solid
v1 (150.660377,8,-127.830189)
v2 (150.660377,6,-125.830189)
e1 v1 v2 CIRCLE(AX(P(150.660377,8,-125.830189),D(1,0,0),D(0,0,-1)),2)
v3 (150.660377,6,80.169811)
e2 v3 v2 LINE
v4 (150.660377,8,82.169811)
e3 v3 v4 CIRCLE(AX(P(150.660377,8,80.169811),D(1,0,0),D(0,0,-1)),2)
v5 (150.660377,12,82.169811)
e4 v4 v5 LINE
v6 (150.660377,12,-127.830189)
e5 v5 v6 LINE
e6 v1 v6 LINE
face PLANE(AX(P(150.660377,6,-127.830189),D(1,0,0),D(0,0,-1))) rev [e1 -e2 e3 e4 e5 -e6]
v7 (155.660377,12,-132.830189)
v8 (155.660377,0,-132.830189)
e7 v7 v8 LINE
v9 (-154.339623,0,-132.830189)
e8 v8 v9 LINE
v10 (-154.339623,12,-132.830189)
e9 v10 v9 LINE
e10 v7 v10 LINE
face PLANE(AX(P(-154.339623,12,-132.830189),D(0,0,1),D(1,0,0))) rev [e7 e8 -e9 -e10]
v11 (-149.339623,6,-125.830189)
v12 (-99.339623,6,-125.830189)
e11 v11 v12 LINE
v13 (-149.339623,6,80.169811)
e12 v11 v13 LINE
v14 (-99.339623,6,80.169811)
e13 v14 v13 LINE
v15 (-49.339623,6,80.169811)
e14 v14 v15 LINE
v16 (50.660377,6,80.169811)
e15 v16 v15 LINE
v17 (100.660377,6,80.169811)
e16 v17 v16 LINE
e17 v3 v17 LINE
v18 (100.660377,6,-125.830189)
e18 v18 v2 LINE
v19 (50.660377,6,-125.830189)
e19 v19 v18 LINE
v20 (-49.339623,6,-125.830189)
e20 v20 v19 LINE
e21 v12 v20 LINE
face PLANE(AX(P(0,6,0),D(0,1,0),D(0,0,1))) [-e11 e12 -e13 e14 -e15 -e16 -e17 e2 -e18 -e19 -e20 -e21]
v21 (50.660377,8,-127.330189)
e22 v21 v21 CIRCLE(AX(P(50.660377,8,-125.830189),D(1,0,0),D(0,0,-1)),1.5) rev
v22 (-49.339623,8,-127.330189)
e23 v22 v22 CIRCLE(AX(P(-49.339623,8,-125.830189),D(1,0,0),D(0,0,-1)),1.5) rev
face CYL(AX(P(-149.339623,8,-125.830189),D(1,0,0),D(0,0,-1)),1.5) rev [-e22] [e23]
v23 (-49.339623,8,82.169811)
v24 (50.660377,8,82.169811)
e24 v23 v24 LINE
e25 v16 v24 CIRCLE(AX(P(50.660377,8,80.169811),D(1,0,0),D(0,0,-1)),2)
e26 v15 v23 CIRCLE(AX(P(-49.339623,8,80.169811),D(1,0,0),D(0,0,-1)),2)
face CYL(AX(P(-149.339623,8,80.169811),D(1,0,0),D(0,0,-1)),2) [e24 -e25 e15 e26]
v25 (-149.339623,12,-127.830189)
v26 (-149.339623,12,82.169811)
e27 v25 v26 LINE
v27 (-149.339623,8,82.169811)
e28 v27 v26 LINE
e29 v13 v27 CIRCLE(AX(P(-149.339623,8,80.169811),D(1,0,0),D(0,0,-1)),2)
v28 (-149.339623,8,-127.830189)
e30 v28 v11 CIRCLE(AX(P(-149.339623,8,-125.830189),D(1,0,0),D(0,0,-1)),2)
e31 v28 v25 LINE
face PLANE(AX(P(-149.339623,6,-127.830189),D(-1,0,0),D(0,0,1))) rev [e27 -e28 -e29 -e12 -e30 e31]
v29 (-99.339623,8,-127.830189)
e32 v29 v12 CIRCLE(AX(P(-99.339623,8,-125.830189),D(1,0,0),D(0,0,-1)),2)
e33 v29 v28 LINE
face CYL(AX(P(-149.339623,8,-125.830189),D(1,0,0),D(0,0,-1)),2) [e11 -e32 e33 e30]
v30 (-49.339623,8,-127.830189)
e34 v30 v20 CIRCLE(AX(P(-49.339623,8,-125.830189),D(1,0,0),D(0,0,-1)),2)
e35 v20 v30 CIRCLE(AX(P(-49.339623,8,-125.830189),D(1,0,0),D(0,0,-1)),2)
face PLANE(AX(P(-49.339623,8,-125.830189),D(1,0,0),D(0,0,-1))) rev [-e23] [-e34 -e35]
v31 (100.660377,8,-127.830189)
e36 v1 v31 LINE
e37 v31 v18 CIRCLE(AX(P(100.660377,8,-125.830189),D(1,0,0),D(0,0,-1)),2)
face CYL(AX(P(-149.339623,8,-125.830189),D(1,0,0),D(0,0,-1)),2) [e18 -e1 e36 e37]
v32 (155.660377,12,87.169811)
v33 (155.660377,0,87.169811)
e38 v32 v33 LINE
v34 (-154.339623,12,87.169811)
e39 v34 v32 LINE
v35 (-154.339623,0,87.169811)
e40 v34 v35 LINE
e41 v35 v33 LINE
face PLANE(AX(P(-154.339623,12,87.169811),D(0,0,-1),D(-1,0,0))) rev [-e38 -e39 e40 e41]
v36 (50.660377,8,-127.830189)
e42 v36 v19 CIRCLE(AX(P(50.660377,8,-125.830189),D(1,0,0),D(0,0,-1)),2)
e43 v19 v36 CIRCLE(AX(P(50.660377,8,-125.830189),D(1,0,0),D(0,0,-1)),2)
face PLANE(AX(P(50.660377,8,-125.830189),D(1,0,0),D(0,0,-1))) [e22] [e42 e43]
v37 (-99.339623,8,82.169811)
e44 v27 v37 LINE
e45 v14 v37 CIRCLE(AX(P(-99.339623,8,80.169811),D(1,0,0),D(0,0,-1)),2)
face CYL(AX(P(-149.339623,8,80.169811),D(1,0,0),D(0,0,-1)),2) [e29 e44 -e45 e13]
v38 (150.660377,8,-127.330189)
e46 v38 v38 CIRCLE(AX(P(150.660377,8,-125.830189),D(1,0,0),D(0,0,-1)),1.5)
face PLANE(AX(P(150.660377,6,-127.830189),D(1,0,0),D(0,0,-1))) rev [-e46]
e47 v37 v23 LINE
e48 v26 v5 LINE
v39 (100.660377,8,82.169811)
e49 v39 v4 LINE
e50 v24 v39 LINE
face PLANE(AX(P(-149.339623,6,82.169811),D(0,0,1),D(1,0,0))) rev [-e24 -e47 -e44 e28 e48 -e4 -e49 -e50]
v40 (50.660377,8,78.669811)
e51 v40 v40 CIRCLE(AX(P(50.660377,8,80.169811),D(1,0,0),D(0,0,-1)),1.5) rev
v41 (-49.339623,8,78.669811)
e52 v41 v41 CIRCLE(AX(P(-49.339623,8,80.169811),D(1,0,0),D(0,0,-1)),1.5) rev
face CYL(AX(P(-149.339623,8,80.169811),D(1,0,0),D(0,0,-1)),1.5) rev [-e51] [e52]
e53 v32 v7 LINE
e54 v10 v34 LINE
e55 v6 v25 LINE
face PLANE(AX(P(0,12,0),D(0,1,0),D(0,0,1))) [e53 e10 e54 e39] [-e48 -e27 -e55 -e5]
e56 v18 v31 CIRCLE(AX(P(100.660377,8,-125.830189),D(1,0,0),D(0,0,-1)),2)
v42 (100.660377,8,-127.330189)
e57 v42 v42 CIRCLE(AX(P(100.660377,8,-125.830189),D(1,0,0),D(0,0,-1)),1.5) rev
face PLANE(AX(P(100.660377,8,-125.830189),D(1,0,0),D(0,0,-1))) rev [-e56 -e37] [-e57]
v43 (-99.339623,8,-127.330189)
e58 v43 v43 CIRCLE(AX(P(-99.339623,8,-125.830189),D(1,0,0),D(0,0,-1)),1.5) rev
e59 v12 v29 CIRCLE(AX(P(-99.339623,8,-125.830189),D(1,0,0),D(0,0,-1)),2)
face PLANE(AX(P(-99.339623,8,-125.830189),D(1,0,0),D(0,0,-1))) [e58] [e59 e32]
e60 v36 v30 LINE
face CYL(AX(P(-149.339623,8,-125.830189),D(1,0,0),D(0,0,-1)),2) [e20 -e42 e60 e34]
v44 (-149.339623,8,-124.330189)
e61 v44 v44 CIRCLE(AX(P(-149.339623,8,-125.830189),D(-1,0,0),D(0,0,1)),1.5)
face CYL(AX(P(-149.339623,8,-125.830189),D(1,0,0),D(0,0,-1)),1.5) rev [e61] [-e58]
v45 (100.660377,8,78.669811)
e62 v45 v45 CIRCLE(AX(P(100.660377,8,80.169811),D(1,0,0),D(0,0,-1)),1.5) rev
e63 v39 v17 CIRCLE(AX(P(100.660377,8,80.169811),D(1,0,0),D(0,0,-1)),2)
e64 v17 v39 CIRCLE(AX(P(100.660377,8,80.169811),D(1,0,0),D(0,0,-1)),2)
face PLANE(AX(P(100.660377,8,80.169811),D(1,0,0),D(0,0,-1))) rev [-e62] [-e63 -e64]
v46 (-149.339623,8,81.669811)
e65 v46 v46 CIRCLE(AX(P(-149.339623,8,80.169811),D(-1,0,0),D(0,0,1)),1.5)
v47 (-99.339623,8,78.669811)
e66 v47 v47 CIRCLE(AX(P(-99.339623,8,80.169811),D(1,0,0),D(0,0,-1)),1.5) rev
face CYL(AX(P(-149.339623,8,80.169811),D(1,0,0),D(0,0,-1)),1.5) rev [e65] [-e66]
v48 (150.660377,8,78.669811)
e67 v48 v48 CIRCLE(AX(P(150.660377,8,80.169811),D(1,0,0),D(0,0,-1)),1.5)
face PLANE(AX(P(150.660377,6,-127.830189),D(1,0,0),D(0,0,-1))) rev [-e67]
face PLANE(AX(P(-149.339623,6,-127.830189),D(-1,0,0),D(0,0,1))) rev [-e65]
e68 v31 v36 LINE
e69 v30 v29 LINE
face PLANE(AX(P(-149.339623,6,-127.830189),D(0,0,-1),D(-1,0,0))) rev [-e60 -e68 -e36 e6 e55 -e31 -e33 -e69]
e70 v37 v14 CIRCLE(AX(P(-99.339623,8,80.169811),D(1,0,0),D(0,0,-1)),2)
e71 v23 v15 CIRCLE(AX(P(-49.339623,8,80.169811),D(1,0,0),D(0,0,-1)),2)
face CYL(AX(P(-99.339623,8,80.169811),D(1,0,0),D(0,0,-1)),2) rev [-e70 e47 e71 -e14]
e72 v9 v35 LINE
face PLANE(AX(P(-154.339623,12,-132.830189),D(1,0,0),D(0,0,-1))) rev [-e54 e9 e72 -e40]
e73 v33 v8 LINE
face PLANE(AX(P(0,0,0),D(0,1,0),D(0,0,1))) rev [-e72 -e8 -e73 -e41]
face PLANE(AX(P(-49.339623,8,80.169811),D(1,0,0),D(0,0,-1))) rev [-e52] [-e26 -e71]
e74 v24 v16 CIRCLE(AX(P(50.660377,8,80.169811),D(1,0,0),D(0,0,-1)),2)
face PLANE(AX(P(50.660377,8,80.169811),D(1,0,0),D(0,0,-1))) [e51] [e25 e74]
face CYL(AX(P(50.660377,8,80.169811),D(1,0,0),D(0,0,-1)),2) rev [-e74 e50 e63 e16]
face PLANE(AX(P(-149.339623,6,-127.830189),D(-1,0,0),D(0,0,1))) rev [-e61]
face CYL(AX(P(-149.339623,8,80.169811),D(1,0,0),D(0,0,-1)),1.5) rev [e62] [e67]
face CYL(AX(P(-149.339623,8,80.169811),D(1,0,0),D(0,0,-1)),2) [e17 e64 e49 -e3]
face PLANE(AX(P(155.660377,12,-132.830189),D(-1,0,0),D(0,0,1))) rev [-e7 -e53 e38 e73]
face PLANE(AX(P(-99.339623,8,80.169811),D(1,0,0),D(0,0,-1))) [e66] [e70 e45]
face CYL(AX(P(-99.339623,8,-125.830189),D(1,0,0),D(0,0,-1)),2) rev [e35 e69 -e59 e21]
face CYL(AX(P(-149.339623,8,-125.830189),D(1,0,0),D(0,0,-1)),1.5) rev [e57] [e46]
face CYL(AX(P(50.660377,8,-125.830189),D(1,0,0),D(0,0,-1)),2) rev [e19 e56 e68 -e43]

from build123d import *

# Parameters (mm, degrees)
SKETCH_1_W          = 310
SKETCH_1_H          = 220
EXTRUDE_1_DEPTH     = 12
SKETCH_2_W          = 300
SKETCH_2_H          = 210
CUT_EXTRUDE_4_DEPTH = 6
SKETCH_6_W          = 300
SKETCH_6_H          = 2
EXTRUDE_3_DEPTH     = 2
SKETCH_8_R          = 2
CUT_EXTRUDE_5_DEPTH = 300
SKETCH_8_2_R        = 2
SKETCH_8_2_R_2      = 1.5
EXTRUDE_1_2_DEPTH   = 300
SKETCH_10_R         = 2
CUT_EXTRUDE_6_DEPTH = 300
SKETCH_10_2_R       = 2
SKETCH_10_2_R_2     = 1.5
EXTRUDE_2_DEPTH     = 300
SKETCH_12_R         = 2
CUT_EXTRUDE_7_DEPTH = 50
SKETCH_13_R         = 2
CUT_EXTRUDE_8_DEPTH = 50


with BuildPart() as part:
    # 草图1 → Extrude 1 (new body)
    with BuildSketch(Plane(origin=(0, 0, 0), x_dir=(1, 0, 0), z_dir=(0, 1, 0))):
        with Locations((0.660377358, 22.830188679)):
            Rectangle(SKETCH_1_W, SKETCH_1_H)
    extrude(amount=EXTRUDE_1_DEPTH)

    # 草图2 → 切除-拉伸4 (cut)
    with BuildSketch(Plane(origin=(0, 12, 0), x_dir=(1, 0, 0), z_dir=(0, 1, 0))):
        with Locations((0.660377358, 22.830188679)):
            Rectangle(SKETCH_2_W, SKETCH_2_H)
    extrude(amount=-CUT_EXTRUDE_4_DEPTH, mode=Mode.SUBTRACT)

    # 草图6 → 凸台-拉伸3 (add)
    with BuildSketch(Plane(origin=(0, 6, 0), x_dir=(1, 0, 0), z_dir=(0, 1, 0))):
        with Locations((0.660377358, 126.830188679)):
            Rectangle(SKETCH_6_W, SKETCH_6_H)
        with Locations((0.660377358, -81.169811321)):
            Rectangle(SKETCH_6_W, SKETCH_6_H)
    extrude(amount=EXTRUDE_3_DEPTH)

    # 草图8 → 切除-拉伸5 (cut)
    with BuildSketch(Plane(origin=(150.660377358, 0, 0), x_dir=(0, 0, -1), z_dir=(1, 0, 0))):
        with Locations((-80.169811321, 8)):
            Circle(SKETCH_8_R)
    extrude(amount=-CUT_EXTRUDE_5_DEPTH, mode=Mode.SUBTRACT)

    # 草图8<2> → Extrude 1 2 (add)
    with BuildSketch(Plane(origin=(150.660377358, 0, 0), x_dir=(0, 0, -1), z_dir=(1, 0, 0))):
        with Locations((-80.169811321, 8)):
            Circle(SKETCH_8_2_R)
        with Locations((-80.169811321, 8)):
            Circle(SKETCH_8_2_R_2, mode=Mode.SUBTRACT)
    extrude(amount=-EXTRUDE_1_2_DEPTH)

    # 草图10 → 切除-拉伸6 (cut)
    with BuildSketch(Plane(origin=(150.660377358, 0, 0), x_dir=(0, 0, -1), z_dir=(1, 0, 0))):
        with Locations((125.830188679, 8)):
            Circle(SKETCH_10_R)
    extrude(amount=-CUT_EXTRUDE_6_DEPTH, mode=Mode.SUBTRACT)

    # 草图10<2> → 拉伸-薄壁2 (add)
    with BuildSketch(Plane(origin=(150.660377358, 0, 0), x_dir=(0, 0, -1), z_dir=(1, 0, 0))):
        with Locations((125.830188679, 8)):
            Circle(SKETCH_10_2_R)
        with Locations((125.830188679, 8)):
            Circle(SKETCH_10_2_R_2, mode=Mode.SUBTRACT)
    extrude(amount=-EXTRUDE_2_DEPTH)

    # 草图12 → 切除-拉伸7 (cut)
    with BuildSketch(Plane(origin=(100.660377358, 0, 0), x_dir=(0, 0, -1), z_dir=(1, 0, 0))):
        with Locations((-80.169811321, 8)):
            Circle(SKETCH_12_R)
        with Locations((125.830188679, 8)):
            Circle(SKETCH_12_R)
    extrude(amount=-CUT_EXTRUDE_7_DEPTH, mode=Mode.SUBTRACT)

    # 草图13 → 切除-拉伸8 (cut)
    with BuildSketch(Plane(origin=(-49.339622642, 0, 0), x_dir=(0, 0, -1), z_dir=(1, 0, 0))):
        with Locations((-80.169811321, 8)):
            Circle(SKETCH_13_R)
        with Locations((125.830188679, 8)):
            Circle(SKETCH_13_R)
    extrude(amount=-CUT_EXTRUDE_8_DEPTH, mode=Mode.SUBTRACT)


solid = part.part
